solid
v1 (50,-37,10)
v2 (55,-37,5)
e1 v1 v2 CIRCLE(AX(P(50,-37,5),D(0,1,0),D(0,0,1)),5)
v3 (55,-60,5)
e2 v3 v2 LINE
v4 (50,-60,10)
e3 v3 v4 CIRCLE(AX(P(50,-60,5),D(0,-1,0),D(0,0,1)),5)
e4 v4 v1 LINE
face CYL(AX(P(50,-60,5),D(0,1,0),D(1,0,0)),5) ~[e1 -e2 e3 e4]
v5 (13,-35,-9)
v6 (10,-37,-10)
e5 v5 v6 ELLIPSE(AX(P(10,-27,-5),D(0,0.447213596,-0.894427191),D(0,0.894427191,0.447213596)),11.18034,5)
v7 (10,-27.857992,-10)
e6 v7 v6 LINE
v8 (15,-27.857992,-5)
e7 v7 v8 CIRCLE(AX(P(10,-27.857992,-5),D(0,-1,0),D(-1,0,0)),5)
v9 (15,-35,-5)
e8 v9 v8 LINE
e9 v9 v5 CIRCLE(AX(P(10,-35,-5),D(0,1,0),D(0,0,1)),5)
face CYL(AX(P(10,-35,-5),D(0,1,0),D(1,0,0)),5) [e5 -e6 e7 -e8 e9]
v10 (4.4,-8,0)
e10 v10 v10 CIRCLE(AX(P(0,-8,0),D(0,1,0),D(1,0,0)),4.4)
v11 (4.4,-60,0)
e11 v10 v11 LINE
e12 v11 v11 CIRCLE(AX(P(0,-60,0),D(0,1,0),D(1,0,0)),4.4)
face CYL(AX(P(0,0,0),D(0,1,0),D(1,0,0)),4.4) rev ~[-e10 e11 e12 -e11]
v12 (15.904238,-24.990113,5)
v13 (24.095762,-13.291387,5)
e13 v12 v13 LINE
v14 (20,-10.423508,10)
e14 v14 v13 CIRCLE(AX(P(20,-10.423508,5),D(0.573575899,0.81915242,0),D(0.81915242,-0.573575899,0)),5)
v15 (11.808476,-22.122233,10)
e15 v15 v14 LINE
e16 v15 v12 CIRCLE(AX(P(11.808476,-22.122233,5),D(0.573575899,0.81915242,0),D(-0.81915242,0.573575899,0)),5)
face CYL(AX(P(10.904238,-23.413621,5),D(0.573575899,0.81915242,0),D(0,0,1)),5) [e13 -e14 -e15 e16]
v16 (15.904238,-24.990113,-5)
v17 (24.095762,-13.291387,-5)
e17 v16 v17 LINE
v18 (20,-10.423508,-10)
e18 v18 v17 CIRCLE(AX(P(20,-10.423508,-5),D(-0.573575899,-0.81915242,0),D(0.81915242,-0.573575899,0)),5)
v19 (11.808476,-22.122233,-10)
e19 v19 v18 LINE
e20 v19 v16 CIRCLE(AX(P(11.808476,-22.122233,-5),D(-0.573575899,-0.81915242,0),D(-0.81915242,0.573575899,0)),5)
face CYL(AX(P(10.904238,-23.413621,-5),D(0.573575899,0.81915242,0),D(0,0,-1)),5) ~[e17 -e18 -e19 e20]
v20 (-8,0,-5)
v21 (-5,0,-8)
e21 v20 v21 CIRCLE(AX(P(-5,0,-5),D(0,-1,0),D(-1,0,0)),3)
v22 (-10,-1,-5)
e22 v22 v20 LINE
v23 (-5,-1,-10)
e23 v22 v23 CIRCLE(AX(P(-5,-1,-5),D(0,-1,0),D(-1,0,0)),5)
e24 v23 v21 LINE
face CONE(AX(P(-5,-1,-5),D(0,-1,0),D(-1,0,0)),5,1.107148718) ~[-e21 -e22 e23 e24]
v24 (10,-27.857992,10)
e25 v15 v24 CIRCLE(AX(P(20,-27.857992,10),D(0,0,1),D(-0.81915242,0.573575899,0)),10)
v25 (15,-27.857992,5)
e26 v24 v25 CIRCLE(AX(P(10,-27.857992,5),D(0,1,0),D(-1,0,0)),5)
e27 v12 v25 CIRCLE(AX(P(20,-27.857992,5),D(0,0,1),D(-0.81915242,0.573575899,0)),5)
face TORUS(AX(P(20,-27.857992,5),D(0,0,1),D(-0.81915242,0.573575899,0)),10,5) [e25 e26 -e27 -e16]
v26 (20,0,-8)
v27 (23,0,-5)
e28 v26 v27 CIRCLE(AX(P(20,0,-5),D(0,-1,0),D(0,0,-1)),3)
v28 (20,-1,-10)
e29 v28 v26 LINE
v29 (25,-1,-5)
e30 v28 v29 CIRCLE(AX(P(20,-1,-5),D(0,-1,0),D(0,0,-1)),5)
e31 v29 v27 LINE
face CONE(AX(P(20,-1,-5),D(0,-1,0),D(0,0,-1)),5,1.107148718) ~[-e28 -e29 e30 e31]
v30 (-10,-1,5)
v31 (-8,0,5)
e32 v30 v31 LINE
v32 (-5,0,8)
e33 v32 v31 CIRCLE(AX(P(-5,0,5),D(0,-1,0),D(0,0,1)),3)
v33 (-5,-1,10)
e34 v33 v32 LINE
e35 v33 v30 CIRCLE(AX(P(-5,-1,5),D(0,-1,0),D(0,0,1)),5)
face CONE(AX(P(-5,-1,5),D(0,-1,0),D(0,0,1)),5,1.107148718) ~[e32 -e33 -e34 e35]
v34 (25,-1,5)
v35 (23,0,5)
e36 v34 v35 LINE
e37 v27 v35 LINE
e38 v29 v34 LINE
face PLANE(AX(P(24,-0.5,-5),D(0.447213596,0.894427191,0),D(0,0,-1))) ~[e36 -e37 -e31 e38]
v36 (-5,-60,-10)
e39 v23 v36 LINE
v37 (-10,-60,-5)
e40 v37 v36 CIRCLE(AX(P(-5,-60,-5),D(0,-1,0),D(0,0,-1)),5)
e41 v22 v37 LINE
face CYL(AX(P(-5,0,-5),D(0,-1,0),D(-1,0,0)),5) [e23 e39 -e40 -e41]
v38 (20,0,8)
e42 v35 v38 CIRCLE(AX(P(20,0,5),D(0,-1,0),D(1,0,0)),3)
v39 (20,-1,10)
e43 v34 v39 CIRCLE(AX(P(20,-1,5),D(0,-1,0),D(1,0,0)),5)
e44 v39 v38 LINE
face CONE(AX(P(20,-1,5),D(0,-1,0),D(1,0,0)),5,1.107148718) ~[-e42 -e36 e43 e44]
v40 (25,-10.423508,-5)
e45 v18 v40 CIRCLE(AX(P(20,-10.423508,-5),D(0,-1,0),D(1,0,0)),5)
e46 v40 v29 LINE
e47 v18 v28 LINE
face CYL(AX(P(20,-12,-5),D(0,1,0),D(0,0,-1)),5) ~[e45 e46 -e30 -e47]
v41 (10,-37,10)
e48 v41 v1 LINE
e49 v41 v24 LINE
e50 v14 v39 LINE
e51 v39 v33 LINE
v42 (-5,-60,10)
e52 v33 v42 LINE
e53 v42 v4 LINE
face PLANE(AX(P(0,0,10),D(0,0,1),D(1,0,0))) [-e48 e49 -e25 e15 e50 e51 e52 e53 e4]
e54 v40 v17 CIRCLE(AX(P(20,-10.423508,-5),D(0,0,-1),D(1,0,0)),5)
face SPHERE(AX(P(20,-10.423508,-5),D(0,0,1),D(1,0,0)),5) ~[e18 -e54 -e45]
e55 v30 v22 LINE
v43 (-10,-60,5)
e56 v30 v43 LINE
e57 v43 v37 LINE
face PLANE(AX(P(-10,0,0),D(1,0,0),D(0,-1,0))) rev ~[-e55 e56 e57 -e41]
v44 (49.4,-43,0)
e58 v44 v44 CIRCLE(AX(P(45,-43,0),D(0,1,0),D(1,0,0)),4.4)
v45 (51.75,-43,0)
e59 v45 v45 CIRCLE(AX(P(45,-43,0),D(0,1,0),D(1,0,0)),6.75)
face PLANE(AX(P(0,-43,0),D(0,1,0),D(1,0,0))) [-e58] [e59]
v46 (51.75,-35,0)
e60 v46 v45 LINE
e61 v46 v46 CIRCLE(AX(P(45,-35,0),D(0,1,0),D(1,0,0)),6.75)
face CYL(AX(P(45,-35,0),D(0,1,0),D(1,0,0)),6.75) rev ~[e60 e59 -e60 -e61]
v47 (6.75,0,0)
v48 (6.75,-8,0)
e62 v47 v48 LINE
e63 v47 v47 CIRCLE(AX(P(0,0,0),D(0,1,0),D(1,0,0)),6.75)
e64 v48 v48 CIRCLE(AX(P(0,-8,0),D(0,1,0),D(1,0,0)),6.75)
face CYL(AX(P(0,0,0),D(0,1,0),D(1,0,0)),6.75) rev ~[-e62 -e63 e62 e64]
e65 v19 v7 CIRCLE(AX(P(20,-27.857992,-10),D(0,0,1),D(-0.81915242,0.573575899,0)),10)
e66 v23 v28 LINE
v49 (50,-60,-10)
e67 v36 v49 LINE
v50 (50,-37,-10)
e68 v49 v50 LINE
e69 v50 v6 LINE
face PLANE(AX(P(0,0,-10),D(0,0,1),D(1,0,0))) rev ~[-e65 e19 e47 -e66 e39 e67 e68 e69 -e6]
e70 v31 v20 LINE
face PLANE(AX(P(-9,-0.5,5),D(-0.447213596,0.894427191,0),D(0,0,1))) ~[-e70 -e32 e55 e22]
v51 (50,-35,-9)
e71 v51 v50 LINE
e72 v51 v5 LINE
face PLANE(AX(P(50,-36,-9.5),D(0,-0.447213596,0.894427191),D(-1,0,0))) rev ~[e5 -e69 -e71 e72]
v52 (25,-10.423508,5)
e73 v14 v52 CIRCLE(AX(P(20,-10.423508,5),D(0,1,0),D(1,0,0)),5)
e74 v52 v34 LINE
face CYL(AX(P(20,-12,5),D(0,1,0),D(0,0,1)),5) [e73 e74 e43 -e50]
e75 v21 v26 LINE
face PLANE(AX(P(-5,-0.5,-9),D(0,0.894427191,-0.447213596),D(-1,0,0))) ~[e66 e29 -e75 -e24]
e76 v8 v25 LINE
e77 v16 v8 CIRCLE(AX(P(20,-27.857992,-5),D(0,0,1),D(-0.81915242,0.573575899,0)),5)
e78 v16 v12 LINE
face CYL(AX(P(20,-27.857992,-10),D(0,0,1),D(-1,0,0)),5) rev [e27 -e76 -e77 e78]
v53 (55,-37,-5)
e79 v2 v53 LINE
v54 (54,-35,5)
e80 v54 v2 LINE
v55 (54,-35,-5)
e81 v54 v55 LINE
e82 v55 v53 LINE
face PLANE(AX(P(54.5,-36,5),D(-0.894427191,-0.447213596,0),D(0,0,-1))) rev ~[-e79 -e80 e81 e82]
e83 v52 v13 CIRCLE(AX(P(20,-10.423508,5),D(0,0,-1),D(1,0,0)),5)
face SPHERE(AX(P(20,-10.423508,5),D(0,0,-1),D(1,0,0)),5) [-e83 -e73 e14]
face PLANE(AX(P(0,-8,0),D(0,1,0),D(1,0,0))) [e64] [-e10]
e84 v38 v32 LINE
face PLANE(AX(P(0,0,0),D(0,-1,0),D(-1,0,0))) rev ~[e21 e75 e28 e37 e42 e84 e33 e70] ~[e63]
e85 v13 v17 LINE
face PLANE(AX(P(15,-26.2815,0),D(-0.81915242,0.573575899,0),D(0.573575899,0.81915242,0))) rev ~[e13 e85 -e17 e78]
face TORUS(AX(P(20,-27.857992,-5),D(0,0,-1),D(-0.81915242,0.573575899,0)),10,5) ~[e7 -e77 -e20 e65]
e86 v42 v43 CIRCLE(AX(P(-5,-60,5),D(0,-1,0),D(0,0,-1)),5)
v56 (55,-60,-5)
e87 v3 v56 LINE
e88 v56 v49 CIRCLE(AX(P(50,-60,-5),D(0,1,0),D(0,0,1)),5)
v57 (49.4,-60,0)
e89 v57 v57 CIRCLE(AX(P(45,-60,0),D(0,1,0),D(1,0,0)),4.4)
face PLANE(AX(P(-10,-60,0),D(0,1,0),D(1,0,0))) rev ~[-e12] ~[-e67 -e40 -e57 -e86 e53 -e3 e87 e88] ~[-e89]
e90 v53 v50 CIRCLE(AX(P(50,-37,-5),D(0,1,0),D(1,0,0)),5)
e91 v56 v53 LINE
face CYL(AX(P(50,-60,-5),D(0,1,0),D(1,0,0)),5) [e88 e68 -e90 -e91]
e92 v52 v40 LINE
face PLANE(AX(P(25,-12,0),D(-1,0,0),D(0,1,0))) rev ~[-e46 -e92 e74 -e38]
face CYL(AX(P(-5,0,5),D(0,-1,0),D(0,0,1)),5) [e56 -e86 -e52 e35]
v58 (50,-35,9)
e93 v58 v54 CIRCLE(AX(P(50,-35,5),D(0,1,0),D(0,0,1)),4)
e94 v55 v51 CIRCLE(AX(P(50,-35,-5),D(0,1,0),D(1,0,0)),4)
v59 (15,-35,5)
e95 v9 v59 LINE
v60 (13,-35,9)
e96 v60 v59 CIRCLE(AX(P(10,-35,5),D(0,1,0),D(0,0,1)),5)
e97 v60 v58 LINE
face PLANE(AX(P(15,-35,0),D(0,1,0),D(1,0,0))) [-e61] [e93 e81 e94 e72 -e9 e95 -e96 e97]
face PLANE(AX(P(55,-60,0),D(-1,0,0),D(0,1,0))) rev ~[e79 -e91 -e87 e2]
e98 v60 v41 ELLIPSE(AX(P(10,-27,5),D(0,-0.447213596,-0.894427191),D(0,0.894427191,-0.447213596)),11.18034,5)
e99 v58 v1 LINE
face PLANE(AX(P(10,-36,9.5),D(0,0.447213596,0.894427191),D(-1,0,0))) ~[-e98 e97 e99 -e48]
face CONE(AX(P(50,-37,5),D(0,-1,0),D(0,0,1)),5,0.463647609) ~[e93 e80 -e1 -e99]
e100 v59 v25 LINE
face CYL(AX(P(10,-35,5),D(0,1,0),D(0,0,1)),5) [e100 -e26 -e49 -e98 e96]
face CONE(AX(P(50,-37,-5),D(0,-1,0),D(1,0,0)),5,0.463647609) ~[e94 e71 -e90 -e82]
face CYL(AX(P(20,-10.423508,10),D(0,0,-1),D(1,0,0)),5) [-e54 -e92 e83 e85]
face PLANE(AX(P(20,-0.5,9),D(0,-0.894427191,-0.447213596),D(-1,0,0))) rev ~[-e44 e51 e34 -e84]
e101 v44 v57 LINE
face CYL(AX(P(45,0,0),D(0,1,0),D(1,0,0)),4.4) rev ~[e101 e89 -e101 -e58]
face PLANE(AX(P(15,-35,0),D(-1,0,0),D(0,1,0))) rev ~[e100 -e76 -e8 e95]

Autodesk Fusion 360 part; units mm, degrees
sketch "Sketch1" plane through (0, 0, 0) normal (0, 1, 0) x (1, 0, 0)
  line L0 (0, 0) -> (45, 0) construction
  circle A0 centre (45, 0) radius 6.75
  circle A1 centre (0, 0) radius 6.75
  circle A2 centre (0, 0) radius 4.4
  circle A3 centre (45, 0) radius 4.4
  line L1 (-10, -10) -> (55, -10)
  line L2 (55, -10) -> (55, 10)
  line L3 (55, 10) -> (-10, 10)
  line L4 (-10, 10) -> (-10, -10)
  line L5 (22.5, -10) -> (22.5, 10) construction
  dimension "d1" = 45
  dimension "d2" = 8.8
  dimension "d3" = 13.5
  dimension "d4" = 20
  dimension "d5" = 65
sketch "Sketch2" plane through (0, 0, 0) normal (0, 0, 1) x (1, 0, 0)
  line L0 (55, 0) -> (-10, 0)
  line L1 (-10, 0) -> (-10, -60)
  line L2 (-10, -60) -> (55, -60)
  line L3 (55, -60) -> (55, 0)
  line L4 (15, -35) -> (55, -35)
  line L5 (15, -35) -> (15, -26.2815)
  line L6 (15, -26.2815) -> (25, -12)
  line L7 (25, -12) -> (25, 0)
  line L8 (0, 0) -> (45, 0)
  dimension "d6" = 60
  dimension "d7" = 10
  dimension "d8" = 25
  dimension "d9" = 25
  dimension "d10" = 145
  dimension "d11" = 12
extrude "Extrude1" add sketch "Sketch2" along normal up to surface (10 mm away) and the other way up to surface (10 mm away) contours L0 L1 L2 L3 L4 L5 L6 L7 L8
fillet "Fillet1" radius 5 12 edges at (25, -6, 10) (25, -6, -10) (-10, -30, -10) (-10, -30, 10) (55, -47.5, -10) (55, -47.5, 10) (20, -19.1407, 10) (20, -19.1407, -10) (25, -12, 0) (15, -30.6407, 10) (15, -30.6407, -10) (15, -26.2815, 0)
extrude "Extrude2" cut sketch "Sketch1" against normal through all contours A2 | A3
extrude "Extrude3" cut sketch "Sketch1" against normal blind 8 contours A1
extrude "Extrude4" cut sketch "Sketch1" against normal blind 8 from surface at -35 contours A0
chamfer "Chamfer1" distance 1 distance2 2 13 edges at (-10, 0, 0) (-8.5355, 0, -8.5355) (7.5, 0, -10) (23.5355, 0, -8.5355) (25, 0, 0) (23.5355, 0, 8.5355) (7.5, 0, 10) (-8.5355, 0, 8.5355) (30, -35, 10) (53.5355, -35, 8.5355) (55, -35, 0) (53.5355, -35, -8.5355) (30, -35, -10) measured on face at (-10, -20, -1.6667) measured on face at (-5.2379, -20, -9.9943) measured on face at (18.9167, 0, 0) measured on face at (24.9943, -6.949, -5.2379) measured on face at (25, -3.4745, -1.6667) measured on face at (24.9943, -6.949, 5.2379) measured on face at (18.9167, 0, 0) measured on face at (-9.9774, -40, 5.4753) measured on face at (22.75, -35, 0) measured on face at (50.2379, -51.6667, 9.9943) measured on face at (55, -51.6667, -1.6667) measured on face at (50.2379, -51.6667, -9.9943) measured on face at (22.75, -35, 0)
equation "d8 = 33 mm - 8 mm"
